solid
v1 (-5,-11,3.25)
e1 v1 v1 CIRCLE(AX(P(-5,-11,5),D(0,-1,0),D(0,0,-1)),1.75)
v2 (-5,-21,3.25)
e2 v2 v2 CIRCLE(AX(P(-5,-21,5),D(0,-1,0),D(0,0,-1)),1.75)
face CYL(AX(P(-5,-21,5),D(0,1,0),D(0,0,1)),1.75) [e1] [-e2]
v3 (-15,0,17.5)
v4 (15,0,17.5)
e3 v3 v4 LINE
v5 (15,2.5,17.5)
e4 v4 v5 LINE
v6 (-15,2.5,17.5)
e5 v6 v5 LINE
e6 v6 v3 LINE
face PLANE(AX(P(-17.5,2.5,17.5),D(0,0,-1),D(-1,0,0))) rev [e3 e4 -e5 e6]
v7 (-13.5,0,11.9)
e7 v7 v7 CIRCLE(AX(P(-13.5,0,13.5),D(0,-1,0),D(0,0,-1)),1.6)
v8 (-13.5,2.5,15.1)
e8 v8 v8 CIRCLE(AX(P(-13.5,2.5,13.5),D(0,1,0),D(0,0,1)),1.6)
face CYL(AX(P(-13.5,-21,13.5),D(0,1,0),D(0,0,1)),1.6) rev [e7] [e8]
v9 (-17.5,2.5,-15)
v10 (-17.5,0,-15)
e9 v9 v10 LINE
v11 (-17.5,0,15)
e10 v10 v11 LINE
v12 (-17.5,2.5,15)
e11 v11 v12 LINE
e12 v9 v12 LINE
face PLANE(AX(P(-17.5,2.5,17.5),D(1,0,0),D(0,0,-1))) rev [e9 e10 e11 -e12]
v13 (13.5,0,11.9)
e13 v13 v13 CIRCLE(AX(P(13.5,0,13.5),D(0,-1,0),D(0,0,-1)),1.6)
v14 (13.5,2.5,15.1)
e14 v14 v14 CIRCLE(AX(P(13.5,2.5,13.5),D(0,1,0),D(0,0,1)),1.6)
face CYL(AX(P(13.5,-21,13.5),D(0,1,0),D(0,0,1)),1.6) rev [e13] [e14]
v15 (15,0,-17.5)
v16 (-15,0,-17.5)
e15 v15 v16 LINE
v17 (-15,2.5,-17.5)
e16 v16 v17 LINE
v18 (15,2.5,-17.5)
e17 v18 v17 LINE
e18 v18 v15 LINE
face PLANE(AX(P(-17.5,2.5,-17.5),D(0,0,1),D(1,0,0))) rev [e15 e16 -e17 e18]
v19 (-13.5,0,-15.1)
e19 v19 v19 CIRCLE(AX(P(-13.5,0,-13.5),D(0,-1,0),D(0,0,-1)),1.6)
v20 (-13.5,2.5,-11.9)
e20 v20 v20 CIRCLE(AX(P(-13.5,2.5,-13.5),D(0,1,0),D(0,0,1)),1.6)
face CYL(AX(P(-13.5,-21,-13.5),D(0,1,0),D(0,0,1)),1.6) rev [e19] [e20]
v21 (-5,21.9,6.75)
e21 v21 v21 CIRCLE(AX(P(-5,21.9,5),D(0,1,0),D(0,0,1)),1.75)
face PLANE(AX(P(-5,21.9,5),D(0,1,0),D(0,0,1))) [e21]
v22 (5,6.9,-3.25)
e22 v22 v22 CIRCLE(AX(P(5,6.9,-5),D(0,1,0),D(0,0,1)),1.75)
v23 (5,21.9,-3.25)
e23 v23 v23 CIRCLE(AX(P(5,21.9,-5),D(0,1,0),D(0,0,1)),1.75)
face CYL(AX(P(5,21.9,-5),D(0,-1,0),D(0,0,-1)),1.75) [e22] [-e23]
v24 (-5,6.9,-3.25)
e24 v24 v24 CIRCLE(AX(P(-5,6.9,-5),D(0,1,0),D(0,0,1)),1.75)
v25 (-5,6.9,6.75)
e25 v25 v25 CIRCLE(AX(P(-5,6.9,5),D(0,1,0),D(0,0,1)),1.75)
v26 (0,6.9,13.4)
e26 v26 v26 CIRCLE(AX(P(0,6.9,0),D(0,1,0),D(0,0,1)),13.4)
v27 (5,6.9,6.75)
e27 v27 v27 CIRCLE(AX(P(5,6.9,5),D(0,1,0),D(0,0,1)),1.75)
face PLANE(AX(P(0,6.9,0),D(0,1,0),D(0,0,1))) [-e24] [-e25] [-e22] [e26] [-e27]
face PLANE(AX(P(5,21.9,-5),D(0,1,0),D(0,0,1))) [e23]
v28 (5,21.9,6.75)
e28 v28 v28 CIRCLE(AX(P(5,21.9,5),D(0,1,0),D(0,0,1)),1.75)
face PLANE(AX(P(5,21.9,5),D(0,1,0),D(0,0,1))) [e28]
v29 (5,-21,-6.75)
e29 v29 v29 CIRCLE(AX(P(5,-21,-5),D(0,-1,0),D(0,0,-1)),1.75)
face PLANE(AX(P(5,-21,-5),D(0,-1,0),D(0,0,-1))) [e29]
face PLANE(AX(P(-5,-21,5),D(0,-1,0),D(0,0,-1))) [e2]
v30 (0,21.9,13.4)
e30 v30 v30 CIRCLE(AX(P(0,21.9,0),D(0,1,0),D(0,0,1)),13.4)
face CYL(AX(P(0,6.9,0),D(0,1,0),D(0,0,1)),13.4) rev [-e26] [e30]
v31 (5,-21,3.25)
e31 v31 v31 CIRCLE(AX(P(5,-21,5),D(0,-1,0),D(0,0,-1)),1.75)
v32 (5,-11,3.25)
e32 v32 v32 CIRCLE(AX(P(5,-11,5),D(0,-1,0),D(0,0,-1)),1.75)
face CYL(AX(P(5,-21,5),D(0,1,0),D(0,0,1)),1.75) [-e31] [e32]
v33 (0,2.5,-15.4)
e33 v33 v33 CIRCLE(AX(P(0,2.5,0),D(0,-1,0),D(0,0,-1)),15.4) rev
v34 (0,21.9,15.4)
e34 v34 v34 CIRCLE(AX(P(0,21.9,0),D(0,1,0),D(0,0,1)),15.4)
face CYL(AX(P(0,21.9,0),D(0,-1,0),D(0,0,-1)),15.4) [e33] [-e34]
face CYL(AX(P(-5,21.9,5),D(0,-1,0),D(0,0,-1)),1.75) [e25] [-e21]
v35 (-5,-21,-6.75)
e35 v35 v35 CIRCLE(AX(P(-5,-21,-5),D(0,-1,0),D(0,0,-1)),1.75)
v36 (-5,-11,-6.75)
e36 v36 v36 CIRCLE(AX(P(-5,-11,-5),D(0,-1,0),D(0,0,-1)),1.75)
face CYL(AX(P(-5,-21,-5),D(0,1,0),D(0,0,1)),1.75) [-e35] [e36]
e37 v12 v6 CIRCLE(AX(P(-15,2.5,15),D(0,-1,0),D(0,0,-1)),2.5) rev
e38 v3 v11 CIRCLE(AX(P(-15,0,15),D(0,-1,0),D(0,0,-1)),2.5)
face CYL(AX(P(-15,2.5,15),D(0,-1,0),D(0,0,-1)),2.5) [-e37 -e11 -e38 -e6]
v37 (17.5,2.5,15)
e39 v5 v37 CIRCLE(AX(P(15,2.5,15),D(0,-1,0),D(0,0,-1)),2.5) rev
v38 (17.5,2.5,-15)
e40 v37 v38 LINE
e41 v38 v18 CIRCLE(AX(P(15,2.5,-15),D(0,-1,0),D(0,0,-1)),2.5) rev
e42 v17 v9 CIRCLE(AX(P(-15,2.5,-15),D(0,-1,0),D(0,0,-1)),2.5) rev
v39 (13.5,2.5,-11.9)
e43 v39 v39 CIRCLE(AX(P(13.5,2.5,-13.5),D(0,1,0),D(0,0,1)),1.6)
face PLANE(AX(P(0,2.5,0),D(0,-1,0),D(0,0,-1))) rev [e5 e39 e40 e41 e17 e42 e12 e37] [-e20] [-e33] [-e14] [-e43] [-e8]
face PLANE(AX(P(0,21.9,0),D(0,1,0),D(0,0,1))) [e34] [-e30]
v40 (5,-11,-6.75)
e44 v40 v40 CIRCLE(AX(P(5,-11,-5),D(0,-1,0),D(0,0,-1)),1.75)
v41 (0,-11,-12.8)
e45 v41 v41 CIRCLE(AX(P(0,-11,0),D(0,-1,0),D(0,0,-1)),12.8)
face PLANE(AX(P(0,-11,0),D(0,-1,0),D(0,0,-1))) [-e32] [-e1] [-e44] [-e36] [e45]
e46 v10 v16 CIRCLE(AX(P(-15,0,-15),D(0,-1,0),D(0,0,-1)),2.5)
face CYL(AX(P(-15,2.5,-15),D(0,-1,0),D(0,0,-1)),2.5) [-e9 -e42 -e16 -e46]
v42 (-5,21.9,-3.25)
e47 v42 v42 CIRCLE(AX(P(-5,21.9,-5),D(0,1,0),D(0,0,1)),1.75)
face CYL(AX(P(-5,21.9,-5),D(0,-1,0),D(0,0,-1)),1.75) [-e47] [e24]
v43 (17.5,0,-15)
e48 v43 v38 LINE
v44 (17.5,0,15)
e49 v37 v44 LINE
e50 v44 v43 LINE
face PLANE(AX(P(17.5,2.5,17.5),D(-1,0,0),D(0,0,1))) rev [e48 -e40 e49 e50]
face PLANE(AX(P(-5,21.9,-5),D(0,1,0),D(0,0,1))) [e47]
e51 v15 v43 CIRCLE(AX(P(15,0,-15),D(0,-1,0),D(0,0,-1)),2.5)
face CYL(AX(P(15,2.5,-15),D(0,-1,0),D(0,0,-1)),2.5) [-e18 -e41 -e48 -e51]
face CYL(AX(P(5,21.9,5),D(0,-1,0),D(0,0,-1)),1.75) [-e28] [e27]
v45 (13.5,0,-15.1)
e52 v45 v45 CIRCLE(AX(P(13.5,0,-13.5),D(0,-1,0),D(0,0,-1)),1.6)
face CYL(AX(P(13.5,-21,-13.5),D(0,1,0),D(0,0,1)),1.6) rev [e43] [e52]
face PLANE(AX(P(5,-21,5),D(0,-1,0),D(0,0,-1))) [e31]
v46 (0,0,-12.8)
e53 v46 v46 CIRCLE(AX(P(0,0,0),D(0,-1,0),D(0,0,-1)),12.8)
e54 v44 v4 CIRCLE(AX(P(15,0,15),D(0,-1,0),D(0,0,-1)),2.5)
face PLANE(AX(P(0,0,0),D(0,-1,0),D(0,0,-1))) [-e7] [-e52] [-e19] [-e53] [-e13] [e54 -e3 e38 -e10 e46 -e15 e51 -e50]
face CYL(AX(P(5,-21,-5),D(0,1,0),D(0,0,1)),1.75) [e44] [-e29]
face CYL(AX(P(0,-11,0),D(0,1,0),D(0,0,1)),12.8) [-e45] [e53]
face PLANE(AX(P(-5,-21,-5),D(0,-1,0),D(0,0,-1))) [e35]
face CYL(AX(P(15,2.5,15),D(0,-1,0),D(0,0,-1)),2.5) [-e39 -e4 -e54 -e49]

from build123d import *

# Parameters (mm, degrees)
SKETCH1_W           = 35
SKETCH1_H           = 35
BOSS_EXTRUDE1_DEPTH = 2.5
FILLET1_R           = 2.5
SKETCH2_R           = 15.4
BOSS_EXTRUDE2_DEPTH = 19.4
SKETCH3_R           = 12.8
BOSS_EXTRUDE3_DEPTH = 11
SKETCH4_R           = 13.4
CUT_EXTRUDE1_DEPTH  = 15
SKETCH5_R           = 1.75
BOSS_EXTRUDE4_DEPTH = 15
BOSS_EXTRUDE5_START = 10
SKETCH6_R           = 1.75
BOSS_EXTRUDE5_DEPTH = 10
SKETCH7_R           = 1.6
CUT_EXTRUDE2_DEPTH  = 35.128433893


with BuildPart() as part:
    # Sketch1 → Boss-Extrude1 (new body)
    with BuildSketch(Plane(origin=(0, 0, 0), x_dir=(1, 0, 0), z_dir=(0, 1, 0))):
        Rectangle(SKETCH1_W, SKETCH1_H)
    extrude(amount=BOSS_EXTRUDE1_DEPTH)

    # Fillet1
    fillet1_edges = [part.edges().sort_by_distance(p)[0] for p in [
        (17.5, 1.25, 17.5),
        (-17.5, 1.25, 17.5),
        (-17.5, 1.25, -17.5),
        (17.5, 1.25, -17.5),
    ]]
    fillet(fillet1_edges, radius=FILLET1_R)

    # Sketch2 → Boss-Extrude2 (add)
    with BuildSketch(Plane(origin=(0, 2.5, 0), x_dir=(1, 0, 0), z_dir=(0, 1, 0))):
        with Locations(Location((0, 0, 0), (0, 0, 90))):
            Circle(SKETCH2_R)
    extrude(amount=BOSS_EXTRUDE2_DEPTH)

    # Sketch3 → Boss-Extrude3 (add)
    with BuildSketch(Plane.XZ):
        with Locations(Location((0, 0, 0), (0, 0, 270))):
            Circle(SKETCH3_R)
    extrude(amount=BOSS_EXTRUDE3_DEPTH)

    # Sketch4 → Cut-Extrude1 (cut)
    with BuildSketch(Plane(origin=(0, 21.9, 0), x_dir=(1, 0, 0), z_dir=(0, 1, 0))):
        with Locations(Location((0, 0, 0), (0, 0, 270))):
            Circle(SKETCH4_R)
    extrude(amount=-CUT_EXTRUDE1_DEPTH, mode=Mode.SUBTRACT)

    # Sketch5 → Boss-Extrude4 (add)
    with BuildSketch(Plane(origin=(0, 6.9, 0), x_dir=(1, 0, 0), z_dir=(0, 1, 0))):
        with Locations(Location((-5, 5, 0), (0, 0, 270))):
            Circle(SKETCH5_R)
        with Locations(Location((-5, -5, 0), (0, 0, 270))):
            Circle(SKETCH5_R)
        with Locations(Location((5, -5, 0), (0, 0, 270))):
            Circle(SKETCH5_R)
        with Locations(Location((5, 5, 0), (0, 0, 270))):
            Circle(SKETCH5_R)
    extrude(amount=BOSS_EXTRUDE4_DEPTH)

    # Sketch6 → Boss-Extrude5 (add)
    with BuildSketch(Plane.XZ.offset(11).offset(BOSS_EXTRUDE5_START)):
        with Locations(Location((5, -5, 0), (0, 0, 90))):
            Circle(SKETCH6_R)
        with Locations(Location((5, 5, 0), (0, 0, 90))):
            Circle(SKETCH6_R)
        with Locations(Location((-5, 5, 0), (0, 0, 90))):
            Circle(SKETCH6_R)
        with Locations(Location((-5, -5, 0), (0, 0, 90))):
            Circle(SKETCH6_R)
    extrude(amount=-BOSS_EXTRUDE5_DEPTH)

    # Sketch7 → Cut-Extrude2 (cut, through all)
    with BuildSketch(Plane(origin=(0, 2.5, 0), x_dir=(1, 0, 0), z_dir=(0, 1, 0))):
        with Locations(Location((-13.5, 13.5, 0), (0, 0, 270))):
            Circle(SKETCH7_R)
        with Locations(Location((-13.5, -13.5, 0), (0, 0, 270))):
            Circle(SKETCH7_R)
        with Locations(Location((13.5, -13.5, 0), (0, 0, 270))):
            Circle(SKETCH7_R)
        with Locations(Location((13.5, 13.5, 0), (0, 0, 270))):
            Circle(SKETCH7_R)
    extrude(amount=-CUT_EXTRUDE2_DEPTH, mode=Mode.SUBTRACT)


solid = part.part
